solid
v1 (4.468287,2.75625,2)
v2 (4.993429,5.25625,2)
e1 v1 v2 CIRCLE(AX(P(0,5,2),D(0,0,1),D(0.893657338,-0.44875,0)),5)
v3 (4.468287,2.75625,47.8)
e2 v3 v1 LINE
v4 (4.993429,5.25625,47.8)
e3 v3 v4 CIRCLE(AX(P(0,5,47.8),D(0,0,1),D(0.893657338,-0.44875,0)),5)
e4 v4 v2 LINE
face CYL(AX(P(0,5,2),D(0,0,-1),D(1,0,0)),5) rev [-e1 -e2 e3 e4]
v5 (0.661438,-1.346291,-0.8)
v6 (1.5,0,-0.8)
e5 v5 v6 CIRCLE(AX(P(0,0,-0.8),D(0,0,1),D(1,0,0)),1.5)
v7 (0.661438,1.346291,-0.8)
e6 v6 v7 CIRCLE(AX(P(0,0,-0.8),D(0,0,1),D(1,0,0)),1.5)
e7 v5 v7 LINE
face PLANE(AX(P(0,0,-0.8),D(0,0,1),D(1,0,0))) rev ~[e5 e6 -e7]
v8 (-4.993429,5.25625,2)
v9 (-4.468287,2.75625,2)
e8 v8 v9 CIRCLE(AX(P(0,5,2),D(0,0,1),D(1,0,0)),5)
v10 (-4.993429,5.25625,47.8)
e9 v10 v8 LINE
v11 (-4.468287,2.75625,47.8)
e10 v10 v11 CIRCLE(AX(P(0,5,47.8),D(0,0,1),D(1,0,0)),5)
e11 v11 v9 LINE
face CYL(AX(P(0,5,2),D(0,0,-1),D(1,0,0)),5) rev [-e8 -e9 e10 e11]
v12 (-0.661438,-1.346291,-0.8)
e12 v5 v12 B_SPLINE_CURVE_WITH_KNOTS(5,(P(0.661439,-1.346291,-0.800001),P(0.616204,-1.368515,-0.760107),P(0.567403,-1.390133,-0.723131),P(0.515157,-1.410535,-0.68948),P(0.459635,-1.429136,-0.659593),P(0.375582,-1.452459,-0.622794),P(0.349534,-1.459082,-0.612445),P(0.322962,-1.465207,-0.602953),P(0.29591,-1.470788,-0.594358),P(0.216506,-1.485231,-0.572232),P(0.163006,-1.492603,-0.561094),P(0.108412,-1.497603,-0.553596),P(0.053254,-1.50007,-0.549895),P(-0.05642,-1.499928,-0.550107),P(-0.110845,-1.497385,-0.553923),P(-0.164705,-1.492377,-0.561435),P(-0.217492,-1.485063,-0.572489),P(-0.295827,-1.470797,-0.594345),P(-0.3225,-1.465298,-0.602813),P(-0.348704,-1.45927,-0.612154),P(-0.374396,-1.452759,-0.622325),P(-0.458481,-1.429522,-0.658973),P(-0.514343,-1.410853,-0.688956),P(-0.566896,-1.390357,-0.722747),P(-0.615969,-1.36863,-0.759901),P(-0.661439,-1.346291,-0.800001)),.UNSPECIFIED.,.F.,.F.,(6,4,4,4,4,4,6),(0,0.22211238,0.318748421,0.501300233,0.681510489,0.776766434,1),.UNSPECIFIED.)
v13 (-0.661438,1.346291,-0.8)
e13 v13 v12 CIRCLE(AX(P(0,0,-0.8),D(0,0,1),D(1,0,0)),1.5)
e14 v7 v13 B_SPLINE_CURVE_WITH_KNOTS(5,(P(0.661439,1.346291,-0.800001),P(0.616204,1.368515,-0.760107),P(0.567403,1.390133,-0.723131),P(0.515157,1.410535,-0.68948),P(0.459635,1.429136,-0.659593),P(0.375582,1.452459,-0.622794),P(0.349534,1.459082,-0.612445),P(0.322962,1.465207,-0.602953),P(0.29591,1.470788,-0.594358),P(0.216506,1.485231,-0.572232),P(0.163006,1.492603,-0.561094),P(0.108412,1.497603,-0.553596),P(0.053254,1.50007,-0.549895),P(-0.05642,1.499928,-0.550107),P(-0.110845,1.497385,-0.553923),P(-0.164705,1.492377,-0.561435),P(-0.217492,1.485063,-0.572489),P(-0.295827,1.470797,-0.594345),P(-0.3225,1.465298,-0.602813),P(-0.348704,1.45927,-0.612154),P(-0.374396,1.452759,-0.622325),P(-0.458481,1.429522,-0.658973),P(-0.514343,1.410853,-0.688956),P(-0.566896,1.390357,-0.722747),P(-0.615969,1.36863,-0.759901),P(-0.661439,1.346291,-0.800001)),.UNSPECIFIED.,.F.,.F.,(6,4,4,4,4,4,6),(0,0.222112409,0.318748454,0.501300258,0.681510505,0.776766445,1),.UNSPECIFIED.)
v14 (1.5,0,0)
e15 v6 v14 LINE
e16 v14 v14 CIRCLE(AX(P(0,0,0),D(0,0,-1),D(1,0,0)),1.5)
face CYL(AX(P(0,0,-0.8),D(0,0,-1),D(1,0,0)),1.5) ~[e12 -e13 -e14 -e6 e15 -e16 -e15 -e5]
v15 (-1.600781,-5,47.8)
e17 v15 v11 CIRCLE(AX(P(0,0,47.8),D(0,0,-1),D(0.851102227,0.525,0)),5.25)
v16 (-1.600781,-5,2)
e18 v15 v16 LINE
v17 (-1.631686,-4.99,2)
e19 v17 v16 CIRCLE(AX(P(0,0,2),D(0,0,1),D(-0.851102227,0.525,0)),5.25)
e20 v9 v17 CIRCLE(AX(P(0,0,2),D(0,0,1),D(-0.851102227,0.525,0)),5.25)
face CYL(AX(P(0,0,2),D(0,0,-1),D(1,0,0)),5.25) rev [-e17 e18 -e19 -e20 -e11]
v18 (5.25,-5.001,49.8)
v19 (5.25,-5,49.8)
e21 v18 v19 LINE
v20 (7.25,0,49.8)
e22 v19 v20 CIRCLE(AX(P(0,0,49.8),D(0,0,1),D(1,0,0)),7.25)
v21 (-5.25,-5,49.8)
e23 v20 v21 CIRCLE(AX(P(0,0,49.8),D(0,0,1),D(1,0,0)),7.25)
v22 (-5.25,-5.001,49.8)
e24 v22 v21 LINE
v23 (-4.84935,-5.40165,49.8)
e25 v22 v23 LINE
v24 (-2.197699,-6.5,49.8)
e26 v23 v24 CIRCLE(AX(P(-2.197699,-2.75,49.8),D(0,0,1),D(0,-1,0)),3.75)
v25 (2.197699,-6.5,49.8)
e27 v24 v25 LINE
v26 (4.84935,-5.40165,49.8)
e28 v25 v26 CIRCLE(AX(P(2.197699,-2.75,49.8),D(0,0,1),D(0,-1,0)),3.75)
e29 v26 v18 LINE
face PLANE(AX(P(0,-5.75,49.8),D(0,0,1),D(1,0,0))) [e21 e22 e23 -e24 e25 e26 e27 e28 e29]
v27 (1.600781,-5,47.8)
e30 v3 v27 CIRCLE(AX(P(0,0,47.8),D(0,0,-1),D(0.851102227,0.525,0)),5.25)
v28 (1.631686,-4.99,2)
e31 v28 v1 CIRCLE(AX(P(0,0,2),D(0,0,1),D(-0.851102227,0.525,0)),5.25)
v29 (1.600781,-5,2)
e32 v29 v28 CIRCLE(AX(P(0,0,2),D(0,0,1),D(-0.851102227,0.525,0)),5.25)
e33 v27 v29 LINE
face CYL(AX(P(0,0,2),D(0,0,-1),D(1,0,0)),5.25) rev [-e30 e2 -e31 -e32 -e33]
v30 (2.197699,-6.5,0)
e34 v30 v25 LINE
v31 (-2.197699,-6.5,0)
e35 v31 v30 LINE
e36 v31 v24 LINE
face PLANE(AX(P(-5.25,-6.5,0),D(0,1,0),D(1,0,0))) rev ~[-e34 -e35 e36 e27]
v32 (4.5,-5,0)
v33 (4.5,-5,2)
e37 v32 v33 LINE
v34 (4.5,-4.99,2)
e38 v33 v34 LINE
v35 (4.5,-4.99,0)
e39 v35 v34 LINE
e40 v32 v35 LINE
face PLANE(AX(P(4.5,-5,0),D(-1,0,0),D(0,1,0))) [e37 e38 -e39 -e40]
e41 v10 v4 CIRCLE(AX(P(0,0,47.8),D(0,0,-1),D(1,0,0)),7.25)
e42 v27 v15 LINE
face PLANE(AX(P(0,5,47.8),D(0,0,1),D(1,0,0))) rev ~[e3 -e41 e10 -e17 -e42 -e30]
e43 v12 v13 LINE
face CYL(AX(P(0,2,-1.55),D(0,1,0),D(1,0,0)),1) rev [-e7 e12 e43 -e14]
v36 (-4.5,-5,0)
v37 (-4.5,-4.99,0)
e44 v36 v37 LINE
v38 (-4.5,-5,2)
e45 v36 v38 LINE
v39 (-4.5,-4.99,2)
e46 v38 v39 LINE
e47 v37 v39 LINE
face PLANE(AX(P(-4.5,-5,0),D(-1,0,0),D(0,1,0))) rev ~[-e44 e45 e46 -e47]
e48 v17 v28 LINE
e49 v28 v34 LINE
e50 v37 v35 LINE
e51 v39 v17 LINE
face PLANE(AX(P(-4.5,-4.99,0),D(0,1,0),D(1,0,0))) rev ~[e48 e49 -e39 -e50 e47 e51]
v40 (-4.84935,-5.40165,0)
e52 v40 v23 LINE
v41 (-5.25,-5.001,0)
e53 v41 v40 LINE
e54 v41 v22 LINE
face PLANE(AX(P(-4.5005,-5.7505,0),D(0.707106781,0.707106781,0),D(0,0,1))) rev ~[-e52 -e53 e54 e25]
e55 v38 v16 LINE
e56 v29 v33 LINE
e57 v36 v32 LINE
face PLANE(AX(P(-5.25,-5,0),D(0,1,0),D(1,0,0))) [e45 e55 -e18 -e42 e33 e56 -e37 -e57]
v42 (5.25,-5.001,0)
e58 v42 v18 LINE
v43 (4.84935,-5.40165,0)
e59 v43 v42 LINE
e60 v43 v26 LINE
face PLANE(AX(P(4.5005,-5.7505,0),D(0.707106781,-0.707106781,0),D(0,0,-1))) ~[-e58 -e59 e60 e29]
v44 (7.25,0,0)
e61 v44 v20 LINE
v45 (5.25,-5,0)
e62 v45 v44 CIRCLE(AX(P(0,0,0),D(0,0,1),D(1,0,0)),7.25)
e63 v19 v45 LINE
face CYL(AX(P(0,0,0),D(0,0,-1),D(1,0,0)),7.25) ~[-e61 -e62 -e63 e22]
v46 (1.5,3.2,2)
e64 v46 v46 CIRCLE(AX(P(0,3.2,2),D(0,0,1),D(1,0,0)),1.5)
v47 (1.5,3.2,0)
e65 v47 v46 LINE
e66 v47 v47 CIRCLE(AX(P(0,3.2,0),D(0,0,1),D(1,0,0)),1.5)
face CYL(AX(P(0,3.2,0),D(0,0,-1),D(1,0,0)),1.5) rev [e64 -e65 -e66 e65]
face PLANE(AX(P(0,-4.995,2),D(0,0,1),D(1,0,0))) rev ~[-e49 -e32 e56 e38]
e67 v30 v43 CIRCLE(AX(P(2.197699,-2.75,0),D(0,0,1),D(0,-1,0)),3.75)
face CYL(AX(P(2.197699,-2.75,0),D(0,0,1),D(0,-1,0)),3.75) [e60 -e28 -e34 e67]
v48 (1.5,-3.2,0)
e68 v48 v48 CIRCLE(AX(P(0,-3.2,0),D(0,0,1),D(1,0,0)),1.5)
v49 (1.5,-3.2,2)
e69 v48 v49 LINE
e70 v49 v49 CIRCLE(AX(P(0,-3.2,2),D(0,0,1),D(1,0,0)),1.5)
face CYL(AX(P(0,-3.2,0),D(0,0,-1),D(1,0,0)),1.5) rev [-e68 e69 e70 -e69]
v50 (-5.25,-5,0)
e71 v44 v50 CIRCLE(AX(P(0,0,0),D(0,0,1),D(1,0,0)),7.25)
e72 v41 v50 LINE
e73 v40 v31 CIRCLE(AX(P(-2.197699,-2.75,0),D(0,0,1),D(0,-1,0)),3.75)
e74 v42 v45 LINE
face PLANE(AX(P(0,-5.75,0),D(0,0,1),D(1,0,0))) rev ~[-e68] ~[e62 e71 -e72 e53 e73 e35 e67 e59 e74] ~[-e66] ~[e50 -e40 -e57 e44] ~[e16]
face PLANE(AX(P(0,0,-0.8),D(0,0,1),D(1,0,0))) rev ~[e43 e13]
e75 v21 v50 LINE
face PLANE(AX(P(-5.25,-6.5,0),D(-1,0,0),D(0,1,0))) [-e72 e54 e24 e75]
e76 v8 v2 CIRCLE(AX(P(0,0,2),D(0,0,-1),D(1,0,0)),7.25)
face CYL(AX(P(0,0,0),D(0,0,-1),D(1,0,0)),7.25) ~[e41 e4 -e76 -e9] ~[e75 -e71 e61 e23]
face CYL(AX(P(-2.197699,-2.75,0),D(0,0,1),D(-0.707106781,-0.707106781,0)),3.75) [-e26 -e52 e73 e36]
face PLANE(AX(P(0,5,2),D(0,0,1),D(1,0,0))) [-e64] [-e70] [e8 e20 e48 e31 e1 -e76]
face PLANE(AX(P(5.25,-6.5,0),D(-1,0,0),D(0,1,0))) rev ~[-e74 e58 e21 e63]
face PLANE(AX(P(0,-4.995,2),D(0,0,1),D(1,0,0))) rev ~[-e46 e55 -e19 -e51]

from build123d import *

# Parameters (mm, degrees)
CYLINDER_R        = 7.25
CYLINDER_DEPTH    = 49.8
CYLINDER003_R     = 1.5
CYLINDER003_DEPTH = 1
CYLINDER001_R     = 5.25
CYLINDER001_DEPTH = 45.8
CYLINDER002_R     = 5
CYLINDER002_DEPTH = 45.8
BOX_W             = 9
BOX_H             = 0.01
BOX_DEPTH         = 2
BOX006_W          = 9
BOX006_H          = 3
BOX006_DEPTH      = 8
BOX002_W          = 15
BOX002_H          = 10
BOX002_DEPTH      = 49.8
BOX003_W          = 10.5
BOX003_H          = 1.5
BOX003_DEPTH      = 49.8
CHAMFER_SIZE      = 1.499
FILLET_R          = 3.75
BOX004_W          = 2.75
BOX004_H          = 0.1
BOX004_DEPTH      = 5
BOX005_W          = 2.75
BOX005_H          = 0.1
BOX005_DEPTH      = 5
CYLINDER004_R     = 1
CYLINDER004_DEPTH = 4
CYLINDER005_R     = 1.5
CYLINDER005_DEPTH = 2
CYLINDER006_R     = 1.5
CYLINDER006_DEPTH = 2


with BuildPart() as part:
    # Cylinder → Cylinder (join)
    with BuildSketch(Plane.XY):
        Circle(CYLINDER_R)
    extrude(amount=CYLINDER_DEPTH)

    # Cylinder003 → Cylinder003 (join)
    with BuildSketch(Plane.XY.offset(-0.8)):
        Circle(CYLINDER003_R)
    extrude(amount=CYLINDER003_DEPTH)

    # Cylinder001 → Cylinder001 (cut)
    with BuildSketch(Plane.XY.offset(2)):
        Circle(CYLINDER001_R)
    extrude(amount=CYLINDER001_DEPTH, mode=Mode.SUBTRACT)

    # Cylinder002 → Cylinder002 (cut)
    with BuildSketch(Plane(origin=(0, 5, 2), x_dir=(1, 0, 0), z_dir=(0, 0, 1))):
        Circle(CYLINDER002_R)
    extrude(amount=CYLINDER002_DEPTH, mode=Mode.SUBTRACT)

    # Box → Box (cut)
    with BuildSketch(Plane(origin=(-4.5, -5, 0), x_dir=(1, 0, 0), z_dir=(0, 0, 1))):
        with Locations((4.5, 0.005)):
            Rectangle(BOX_W, BOX_H)
    extrude(amount=BOX_DEPTH, mode=Mode.SUBTRACT)

    # Box006 → Box006 (cut)
    with BuildSketch(Plane(origin=(-4.5, -2, 2), x_dir=(1, 0, 0), z_dir=(0, 0, 1))):
        with Locations((4.5, 1.5)):
            Rectangle(BOX006_W, BOX006_H)
    extrude(amount=BOX006_DEPTH, mode=Mode.SUBTRACT)

    # Box002 → Box002 (cut)
    with BuildSketch(Plane(origin=(-7.5, -15, 0), x_dir=(1, 0, 0), z_dir=(0, 0, 1))):
        with Locations((7.5, 5)):
            Rectangle(BOX002_W, BOX002_H)
    extrude(amount=BOX002_DEPTH, mode=Mode.SUBTRACT)

    # Box003 → Box003 (join)
    with BuildSketch(Plane(origin=(-5.25, -6.5, 0), x_dir=(1, 0, 0), z_dir=(0, 0, 1))):
        with Locations((5.25, 0.75)):
            Rectangle(BOX003_W, BOX003_H)
    extrude(amount=BOX003_DEPTH)

    # Chamfer
    chamfer_edges = [part.edges().sort_by_distance(p)[0] for p in [
        (5.25, -6.5, 24.9),
        (-5.25, -6.5, 24.9),
    ]]
    chamfer(chamfer_edges, length=CHAMFER_SIZE)

    # Fillet
    fillet_edges = [part.edges().sort_by_distance(p)[0] for p in [
        (3.751, -6.5, 24.9),
        (-3.751, -6.5, 24.9),
    ]]
    fillet(fillet_edges, radius=FILLET_R)

    # Box004 → Box004 (join)
    with BuildSketch(Plane(origin=(-5, -5, 10), x_dir=(1, 0, 0), z_dir=(0, 0, 1))):
        with Locations((1.375, 0.05)):
            Rectangle(BOX004_W, BOX004_H)
    extrude(amount=BOX004_DEPTH)

    # Box005 → Box005 (join)
    with BuildSketch(Plane(origin=(2.25, -5, 10), x_dir=(1, 0, 0), z_dir=(0, 0, 1))):
        with Locations((1.375, 0.05)):
            Rectangle(BOX005_W, BOX005_H)
    extrude(amount=BOX005_DEPTH)

    # Cylinder004 → Cylinder004 (cut)
    with BuildSketch(Plane(origin=(0, 2, -1.55), x_dir=(1, 0, 0), z_dir=(0, -1, 0))):
        Circle(CYLINDER004_R)
    extrude(amount=CYLINDER004_DEPTH, mode=Mode.SUBTRACT)

    # Cylinder005 → Cylinder005 (cut)
    with BuildSketch(Plane(origin=(0, -3.2, 0), x_dir=(1, 0, 0), z_dir=(0, 0, 1))):
        Circle(CYLINDER005_R)
    extrude(amount=CYLINDER005_DEPTH, mode=Mode.SUBTRACT)

    # Cylinder006 → Cylinder006 (cut)
    with BuildSketch(Plane(origin=(0, 3.2, 0), x_dir=(1, 0, 0), z_dir=(0, 0, 1))):
        Circle(CYLINDER006_R)
    extrude(amount=CYLINDER006_DEPTH, mode=Mode.SUBTRACT)


solid = part.part
